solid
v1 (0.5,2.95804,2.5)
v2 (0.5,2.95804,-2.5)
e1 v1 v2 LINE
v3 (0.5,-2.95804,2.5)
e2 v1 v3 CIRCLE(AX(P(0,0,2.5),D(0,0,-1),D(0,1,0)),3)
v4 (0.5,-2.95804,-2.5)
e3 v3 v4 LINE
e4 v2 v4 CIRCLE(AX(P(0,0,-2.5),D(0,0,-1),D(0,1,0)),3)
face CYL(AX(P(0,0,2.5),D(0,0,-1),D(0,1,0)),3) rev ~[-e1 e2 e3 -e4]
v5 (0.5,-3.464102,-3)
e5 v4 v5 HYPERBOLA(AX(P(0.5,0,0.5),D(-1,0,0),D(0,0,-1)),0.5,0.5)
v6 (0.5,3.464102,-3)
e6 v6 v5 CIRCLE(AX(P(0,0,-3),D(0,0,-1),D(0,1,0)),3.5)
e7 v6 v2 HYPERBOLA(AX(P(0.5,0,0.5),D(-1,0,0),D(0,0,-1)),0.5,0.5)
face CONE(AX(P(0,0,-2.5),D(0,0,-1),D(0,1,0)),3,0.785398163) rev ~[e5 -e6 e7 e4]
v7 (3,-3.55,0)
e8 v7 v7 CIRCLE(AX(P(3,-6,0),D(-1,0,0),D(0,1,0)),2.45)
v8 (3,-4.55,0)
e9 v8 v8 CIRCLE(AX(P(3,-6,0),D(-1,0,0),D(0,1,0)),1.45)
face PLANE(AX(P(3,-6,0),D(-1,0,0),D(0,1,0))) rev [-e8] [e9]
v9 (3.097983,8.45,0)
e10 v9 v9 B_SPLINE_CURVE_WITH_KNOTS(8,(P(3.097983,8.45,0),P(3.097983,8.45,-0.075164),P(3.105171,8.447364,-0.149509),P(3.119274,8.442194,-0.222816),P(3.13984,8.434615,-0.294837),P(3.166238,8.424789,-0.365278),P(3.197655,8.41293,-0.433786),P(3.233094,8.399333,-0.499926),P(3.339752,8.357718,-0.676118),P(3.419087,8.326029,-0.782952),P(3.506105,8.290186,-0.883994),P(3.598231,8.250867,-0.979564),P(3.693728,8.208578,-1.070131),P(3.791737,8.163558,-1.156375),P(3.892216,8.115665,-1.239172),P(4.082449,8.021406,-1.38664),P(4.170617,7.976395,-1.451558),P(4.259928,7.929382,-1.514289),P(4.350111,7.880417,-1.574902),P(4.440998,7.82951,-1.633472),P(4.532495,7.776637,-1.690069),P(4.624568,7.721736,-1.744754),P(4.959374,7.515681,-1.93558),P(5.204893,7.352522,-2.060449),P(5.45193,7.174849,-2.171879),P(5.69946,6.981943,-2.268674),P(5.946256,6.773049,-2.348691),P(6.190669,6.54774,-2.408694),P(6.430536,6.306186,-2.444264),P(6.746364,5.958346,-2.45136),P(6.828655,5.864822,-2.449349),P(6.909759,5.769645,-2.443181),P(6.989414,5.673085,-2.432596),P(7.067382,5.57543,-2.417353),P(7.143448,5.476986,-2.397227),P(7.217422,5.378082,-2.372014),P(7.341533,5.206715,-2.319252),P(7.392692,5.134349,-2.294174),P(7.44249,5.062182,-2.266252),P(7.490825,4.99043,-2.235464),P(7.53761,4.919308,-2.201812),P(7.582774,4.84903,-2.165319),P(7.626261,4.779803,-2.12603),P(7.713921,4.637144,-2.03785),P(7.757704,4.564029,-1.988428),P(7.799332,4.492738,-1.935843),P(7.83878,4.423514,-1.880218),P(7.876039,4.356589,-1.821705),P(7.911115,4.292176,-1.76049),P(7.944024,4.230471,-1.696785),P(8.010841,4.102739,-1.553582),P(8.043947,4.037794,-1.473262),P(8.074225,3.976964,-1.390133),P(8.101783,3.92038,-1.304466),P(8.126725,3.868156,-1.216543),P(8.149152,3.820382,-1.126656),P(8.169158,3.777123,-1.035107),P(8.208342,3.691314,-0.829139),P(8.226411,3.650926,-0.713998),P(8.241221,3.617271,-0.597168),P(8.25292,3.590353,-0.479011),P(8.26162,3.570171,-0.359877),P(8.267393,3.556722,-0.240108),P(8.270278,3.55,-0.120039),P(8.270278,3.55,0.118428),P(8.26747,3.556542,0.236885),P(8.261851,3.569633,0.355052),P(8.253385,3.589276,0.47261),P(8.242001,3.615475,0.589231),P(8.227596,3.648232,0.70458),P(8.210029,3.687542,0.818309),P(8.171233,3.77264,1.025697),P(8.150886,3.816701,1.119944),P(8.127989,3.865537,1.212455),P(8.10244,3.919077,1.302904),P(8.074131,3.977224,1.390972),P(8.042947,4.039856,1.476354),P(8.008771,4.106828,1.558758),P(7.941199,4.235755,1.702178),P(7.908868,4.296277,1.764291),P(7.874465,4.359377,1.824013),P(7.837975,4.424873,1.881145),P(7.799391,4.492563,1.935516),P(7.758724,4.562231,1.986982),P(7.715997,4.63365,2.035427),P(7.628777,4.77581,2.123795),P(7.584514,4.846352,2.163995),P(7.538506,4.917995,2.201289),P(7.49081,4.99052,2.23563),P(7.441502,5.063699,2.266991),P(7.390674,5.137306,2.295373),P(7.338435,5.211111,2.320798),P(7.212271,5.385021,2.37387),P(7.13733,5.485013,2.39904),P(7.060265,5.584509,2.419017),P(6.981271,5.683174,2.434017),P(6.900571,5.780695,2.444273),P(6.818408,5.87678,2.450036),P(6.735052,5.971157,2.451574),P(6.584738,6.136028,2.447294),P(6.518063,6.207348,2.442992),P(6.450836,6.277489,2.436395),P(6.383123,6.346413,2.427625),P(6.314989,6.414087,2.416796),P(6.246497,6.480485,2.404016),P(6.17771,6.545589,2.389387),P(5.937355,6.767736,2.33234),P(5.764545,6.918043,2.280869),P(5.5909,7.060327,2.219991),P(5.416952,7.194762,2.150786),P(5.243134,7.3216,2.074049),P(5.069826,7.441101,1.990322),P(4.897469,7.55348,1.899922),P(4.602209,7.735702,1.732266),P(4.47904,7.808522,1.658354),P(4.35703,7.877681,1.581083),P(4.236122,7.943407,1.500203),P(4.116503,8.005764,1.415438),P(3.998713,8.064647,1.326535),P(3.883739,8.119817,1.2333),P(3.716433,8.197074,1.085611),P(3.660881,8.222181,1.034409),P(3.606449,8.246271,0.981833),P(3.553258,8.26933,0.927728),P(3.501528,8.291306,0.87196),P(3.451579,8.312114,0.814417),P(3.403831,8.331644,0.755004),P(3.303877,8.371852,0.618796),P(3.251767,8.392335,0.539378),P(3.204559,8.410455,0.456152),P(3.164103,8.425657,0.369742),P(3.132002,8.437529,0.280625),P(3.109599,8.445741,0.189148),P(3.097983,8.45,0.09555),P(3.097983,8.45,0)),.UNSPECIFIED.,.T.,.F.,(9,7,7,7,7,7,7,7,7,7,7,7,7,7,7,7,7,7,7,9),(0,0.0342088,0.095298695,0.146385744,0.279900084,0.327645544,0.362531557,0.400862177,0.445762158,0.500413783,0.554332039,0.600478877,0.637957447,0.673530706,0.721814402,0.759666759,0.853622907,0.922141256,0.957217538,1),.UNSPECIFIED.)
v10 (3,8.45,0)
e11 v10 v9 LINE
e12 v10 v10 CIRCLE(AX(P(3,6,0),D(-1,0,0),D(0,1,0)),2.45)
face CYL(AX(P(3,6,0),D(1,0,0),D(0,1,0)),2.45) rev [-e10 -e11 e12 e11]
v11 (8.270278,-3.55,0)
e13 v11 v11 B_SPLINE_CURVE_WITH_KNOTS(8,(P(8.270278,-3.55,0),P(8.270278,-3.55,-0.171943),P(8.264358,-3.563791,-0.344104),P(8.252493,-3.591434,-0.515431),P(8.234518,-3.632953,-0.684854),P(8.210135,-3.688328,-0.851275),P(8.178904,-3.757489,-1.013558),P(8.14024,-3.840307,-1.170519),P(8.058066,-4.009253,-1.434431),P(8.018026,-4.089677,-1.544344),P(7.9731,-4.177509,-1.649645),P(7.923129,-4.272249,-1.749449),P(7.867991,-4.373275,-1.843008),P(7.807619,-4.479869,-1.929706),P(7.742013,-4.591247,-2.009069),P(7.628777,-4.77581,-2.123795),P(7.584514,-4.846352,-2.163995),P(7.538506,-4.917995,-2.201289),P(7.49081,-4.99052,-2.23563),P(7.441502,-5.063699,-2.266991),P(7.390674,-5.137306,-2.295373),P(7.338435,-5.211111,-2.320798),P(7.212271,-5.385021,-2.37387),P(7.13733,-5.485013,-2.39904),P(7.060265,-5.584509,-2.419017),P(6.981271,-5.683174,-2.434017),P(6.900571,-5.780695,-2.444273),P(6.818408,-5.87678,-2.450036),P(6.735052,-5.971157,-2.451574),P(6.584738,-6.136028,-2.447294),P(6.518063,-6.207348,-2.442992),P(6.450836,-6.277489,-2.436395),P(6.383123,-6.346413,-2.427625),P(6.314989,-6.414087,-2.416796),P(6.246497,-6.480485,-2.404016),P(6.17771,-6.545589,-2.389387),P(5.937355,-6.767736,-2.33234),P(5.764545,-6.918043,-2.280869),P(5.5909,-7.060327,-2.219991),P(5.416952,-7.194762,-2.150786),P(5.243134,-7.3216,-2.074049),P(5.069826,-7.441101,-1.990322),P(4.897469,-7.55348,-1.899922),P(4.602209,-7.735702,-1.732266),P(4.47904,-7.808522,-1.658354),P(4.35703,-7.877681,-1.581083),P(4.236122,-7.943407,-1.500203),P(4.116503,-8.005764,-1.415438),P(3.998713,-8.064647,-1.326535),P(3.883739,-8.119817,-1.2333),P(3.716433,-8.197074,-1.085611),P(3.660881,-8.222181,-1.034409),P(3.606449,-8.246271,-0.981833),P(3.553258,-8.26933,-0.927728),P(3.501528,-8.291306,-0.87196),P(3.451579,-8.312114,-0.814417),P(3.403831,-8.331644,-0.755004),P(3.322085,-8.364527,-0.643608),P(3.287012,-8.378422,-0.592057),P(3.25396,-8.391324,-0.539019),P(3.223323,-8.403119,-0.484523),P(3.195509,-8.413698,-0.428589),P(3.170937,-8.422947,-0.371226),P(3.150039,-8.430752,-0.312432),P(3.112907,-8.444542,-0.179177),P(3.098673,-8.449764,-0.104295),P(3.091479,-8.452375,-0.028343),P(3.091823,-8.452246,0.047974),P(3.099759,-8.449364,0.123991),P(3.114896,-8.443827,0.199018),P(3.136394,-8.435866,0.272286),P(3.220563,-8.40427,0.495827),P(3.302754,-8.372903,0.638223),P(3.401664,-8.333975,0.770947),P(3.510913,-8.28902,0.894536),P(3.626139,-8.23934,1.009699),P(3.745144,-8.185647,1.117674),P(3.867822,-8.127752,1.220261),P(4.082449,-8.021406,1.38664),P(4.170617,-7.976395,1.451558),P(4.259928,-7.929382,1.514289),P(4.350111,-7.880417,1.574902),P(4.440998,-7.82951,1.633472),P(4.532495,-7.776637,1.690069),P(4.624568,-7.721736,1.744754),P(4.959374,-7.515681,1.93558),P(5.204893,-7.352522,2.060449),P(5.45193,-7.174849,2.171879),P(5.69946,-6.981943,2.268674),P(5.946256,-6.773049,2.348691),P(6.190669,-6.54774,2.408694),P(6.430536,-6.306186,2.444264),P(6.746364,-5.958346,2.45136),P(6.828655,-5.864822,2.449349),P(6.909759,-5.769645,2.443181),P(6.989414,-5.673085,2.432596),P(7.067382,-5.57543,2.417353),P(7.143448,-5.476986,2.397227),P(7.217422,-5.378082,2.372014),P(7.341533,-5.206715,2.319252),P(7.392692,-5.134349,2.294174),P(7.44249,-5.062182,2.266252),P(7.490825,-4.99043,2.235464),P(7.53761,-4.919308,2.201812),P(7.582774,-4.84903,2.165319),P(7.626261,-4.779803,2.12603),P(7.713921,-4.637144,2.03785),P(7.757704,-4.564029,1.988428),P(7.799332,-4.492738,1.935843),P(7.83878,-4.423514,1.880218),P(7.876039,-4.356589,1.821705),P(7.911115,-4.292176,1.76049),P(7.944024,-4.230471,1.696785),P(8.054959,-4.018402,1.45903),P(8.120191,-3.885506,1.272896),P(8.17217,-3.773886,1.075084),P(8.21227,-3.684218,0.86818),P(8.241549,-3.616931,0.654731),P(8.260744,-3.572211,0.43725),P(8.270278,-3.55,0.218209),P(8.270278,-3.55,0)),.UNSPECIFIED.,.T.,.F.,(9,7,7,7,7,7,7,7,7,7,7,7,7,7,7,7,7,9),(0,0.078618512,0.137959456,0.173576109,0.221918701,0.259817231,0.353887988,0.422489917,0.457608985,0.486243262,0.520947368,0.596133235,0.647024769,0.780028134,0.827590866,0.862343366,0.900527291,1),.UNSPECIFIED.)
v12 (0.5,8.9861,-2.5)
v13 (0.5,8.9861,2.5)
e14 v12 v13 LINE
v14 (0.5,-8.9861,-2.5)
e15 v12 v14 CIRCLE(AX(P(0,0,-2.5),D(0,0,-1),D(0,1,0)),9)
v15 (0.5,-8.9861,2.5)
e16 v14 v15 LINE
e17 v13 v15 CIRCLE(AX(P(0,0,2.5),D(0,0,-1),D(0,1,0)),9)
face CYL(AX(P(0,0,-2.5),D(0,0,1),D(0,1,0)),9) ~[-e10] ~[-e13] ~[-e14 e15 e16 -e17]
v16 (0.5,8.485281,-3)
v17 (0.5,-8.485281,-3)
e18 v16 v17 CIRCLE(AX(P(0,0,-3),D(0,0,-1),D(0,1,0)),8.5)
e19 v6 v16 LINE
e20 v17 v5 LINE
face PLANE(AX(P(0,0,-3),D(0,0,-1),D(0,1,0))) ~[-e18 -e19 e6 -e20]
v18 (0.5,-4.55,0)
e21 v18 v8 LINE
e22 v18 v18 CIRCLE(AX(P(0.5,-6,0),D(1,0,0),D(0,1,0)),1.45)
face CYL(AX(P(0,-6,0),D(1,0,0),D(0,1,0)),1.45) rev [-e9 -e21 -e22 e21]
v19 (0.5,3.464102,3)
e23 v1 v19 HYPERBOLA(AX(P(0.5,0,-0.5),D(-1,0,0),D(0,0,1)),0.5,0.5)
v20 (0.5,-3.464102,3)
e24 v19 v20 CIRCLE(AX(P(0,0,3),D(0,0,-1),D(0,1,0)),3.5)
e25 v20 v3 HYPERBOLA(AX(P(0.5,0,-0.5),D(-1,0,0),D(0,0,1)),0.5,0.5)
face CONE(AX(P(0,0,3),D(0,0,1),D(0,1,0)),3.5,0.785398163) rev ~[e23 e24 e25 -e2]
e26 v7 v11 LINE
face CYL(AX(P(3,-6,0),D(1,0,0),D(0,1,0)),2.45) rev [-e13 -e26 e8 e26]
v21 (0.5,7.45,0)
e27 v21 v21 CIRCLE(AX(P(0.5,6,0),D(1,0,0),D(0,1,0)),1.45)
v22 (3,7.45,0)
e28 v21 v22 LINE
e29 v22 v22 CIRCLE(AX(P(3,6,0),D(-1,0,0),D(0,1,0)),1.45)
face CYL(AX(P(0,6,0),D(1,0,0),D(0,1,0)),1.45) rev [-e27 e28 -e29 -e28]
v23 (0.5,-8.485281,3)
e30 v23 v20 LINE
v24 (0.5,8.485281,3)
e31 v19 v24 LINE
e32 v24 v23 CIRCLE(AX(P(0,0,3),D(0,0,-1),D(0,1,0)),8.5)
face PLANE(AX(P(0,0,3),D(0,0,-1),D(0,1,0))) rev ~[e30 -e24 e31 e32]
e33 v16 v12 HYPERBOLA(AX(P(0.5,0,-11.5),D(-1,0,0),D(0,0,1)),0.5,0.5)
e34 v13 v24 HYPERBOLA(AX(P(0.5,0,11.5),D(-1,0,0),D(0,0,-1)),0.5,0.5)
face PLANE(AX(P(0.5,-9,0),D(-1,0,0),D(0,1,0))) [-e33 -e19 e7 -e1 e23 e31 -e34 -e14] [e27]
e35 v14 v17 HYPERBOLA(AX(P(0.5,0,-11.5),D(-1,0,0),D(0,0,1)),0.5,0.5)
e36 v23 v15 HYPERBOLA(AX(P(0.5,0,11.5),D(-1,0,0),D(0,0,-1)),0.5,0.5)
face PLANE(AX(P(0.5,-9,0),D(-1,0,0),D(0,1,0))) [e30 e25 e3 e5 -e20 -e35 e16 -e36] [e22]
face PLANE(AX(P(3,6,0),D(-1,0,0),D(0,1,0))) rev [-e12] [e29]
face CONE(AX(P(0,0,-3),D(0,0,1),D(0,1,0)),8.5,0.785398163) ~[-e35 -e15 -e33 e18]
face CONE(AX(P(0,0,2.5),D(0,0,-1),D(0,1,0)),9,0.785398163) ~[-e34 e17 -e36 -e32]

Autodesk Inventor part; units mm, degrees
sketch "Sketch_1" plane through (0, 0, 0) normal (1, 0, 0) x (0, 1, 0)
  line L0 (0, -3) -> (0, 3)
  line L1 (8.5, 3) -> (3.5, 3)
  line L2 (3.5, 3) -> (3, 2.5)
  line L3 (3, 2.5) -> (3, -2.5)
  line L4 (3, -2.5) -> (3.5, -3)
  line L5 (3.5, -3) -> (8.5, -3)
  line L6 (8.5, -3) -> (9, -2.5)
  line L7 (9, -2.5) -> (9, 2.5)
  line L8 (9, 2.5) -> (8.5, 3)
revolve "Revolution1" add sketch "Sketch_1" angle 180 about axis through (0, 0, -3) along (0, 0, -1)
sketch "Sketch_2" plane through (0, 0, 0) normal (0, 0, 1) x (1, 0, 0)
  line L0 (-0.5, -9) -> (0.5, -9)
  line L1 (0.5, -9) -> (0.5, 9)
  line L2 (0.5, 9) -> (-0.5, 9)
  line L3 (-0.5, 9) -> (-0.5, -9)
extrude "Extrusion1" cut sketch "Sketch_2" along normal mid plane 6
sketch "Sketch_3" plane through (0, 0, 0) normal (0, 0, 1) x (1, 0, 0)
  line L0 (9, -6) -> (0, -6)
  line L1 (0, -6) -> (0, -4.55)
  line L2 (0, -4.55) -> (3, -4.55)
  line L3 (3, -4.55) -> (3, -3.55)
  line L4 (3, -3.55) -> (9, -3.55)
  line L5 (9, -3.55) -> (9, -6)
  line L6 (9, -6) -> (0, -6)
revolve "Revolution2" cut sketch "Sketch_3" angle 360 about axis through (9, -6, 0) along (-1, 0, 0)
sketch "Sketch_4" plane through (0, 0, 0) normal (0, 0, 1) x (1, 0, 0)
  line L0 (9, 6) -> (0, 6)
  line L1 (0, 6) -> (0, 7.45)
  line L2 (0, 7.45) -> (3, 7.45)
  line L3 (3, 7.45) -> (3, 8.45)
  line L4 (3, 8.45) -> (9, 8.45)
  line L5 (9, 8.45) -> (9, 6)
  line L6 (9, 6) -> (0, 6)
revolve "Revolution3" cut sketch "Sketch_4" angle 360 about axis through (9, 6, 0) along (-1, 0, 0)
ref_plane "1_2_XY" through (0, 0, 0) normal (1, 0, 0) x (0, 0, -1)
ref_plane "1_2_YZ" through (0, 0, 0) normal (0, 0, -1) x (0, 1, 0)
ref_plane "1_2_ZX" through (0, 0, 0) normal (0, 1, 0) x (1, 0, 0)
ref_plane "body_screw_XY" through (3, -6, 0) normal (1, 0, 0) x (0, 0, -1)
ref_plane "body_screw_YZ" through (3, -6, 0) normal (0, 0, -1) x (0, 1, 0)
ref_plane "body_screw_ZX" through (3, -6, 0) normal (0, 1, 0) x (1, 0, 0)
ref_plane "body_screw2_XY" through (3, 6, 0) normal (1, 0, 0) x (0, 0, -1)
ref_plane "body_screw2_YZ" through (3, 6, 0) normal (0, 0, -1) x (0, 1, 0)
ref_plane "body_screw2_ZX" through (3, 6, 0) normal (0, 1, 0) x (1, 0, 0)
properties part number "PSCSPJ6-6b"
